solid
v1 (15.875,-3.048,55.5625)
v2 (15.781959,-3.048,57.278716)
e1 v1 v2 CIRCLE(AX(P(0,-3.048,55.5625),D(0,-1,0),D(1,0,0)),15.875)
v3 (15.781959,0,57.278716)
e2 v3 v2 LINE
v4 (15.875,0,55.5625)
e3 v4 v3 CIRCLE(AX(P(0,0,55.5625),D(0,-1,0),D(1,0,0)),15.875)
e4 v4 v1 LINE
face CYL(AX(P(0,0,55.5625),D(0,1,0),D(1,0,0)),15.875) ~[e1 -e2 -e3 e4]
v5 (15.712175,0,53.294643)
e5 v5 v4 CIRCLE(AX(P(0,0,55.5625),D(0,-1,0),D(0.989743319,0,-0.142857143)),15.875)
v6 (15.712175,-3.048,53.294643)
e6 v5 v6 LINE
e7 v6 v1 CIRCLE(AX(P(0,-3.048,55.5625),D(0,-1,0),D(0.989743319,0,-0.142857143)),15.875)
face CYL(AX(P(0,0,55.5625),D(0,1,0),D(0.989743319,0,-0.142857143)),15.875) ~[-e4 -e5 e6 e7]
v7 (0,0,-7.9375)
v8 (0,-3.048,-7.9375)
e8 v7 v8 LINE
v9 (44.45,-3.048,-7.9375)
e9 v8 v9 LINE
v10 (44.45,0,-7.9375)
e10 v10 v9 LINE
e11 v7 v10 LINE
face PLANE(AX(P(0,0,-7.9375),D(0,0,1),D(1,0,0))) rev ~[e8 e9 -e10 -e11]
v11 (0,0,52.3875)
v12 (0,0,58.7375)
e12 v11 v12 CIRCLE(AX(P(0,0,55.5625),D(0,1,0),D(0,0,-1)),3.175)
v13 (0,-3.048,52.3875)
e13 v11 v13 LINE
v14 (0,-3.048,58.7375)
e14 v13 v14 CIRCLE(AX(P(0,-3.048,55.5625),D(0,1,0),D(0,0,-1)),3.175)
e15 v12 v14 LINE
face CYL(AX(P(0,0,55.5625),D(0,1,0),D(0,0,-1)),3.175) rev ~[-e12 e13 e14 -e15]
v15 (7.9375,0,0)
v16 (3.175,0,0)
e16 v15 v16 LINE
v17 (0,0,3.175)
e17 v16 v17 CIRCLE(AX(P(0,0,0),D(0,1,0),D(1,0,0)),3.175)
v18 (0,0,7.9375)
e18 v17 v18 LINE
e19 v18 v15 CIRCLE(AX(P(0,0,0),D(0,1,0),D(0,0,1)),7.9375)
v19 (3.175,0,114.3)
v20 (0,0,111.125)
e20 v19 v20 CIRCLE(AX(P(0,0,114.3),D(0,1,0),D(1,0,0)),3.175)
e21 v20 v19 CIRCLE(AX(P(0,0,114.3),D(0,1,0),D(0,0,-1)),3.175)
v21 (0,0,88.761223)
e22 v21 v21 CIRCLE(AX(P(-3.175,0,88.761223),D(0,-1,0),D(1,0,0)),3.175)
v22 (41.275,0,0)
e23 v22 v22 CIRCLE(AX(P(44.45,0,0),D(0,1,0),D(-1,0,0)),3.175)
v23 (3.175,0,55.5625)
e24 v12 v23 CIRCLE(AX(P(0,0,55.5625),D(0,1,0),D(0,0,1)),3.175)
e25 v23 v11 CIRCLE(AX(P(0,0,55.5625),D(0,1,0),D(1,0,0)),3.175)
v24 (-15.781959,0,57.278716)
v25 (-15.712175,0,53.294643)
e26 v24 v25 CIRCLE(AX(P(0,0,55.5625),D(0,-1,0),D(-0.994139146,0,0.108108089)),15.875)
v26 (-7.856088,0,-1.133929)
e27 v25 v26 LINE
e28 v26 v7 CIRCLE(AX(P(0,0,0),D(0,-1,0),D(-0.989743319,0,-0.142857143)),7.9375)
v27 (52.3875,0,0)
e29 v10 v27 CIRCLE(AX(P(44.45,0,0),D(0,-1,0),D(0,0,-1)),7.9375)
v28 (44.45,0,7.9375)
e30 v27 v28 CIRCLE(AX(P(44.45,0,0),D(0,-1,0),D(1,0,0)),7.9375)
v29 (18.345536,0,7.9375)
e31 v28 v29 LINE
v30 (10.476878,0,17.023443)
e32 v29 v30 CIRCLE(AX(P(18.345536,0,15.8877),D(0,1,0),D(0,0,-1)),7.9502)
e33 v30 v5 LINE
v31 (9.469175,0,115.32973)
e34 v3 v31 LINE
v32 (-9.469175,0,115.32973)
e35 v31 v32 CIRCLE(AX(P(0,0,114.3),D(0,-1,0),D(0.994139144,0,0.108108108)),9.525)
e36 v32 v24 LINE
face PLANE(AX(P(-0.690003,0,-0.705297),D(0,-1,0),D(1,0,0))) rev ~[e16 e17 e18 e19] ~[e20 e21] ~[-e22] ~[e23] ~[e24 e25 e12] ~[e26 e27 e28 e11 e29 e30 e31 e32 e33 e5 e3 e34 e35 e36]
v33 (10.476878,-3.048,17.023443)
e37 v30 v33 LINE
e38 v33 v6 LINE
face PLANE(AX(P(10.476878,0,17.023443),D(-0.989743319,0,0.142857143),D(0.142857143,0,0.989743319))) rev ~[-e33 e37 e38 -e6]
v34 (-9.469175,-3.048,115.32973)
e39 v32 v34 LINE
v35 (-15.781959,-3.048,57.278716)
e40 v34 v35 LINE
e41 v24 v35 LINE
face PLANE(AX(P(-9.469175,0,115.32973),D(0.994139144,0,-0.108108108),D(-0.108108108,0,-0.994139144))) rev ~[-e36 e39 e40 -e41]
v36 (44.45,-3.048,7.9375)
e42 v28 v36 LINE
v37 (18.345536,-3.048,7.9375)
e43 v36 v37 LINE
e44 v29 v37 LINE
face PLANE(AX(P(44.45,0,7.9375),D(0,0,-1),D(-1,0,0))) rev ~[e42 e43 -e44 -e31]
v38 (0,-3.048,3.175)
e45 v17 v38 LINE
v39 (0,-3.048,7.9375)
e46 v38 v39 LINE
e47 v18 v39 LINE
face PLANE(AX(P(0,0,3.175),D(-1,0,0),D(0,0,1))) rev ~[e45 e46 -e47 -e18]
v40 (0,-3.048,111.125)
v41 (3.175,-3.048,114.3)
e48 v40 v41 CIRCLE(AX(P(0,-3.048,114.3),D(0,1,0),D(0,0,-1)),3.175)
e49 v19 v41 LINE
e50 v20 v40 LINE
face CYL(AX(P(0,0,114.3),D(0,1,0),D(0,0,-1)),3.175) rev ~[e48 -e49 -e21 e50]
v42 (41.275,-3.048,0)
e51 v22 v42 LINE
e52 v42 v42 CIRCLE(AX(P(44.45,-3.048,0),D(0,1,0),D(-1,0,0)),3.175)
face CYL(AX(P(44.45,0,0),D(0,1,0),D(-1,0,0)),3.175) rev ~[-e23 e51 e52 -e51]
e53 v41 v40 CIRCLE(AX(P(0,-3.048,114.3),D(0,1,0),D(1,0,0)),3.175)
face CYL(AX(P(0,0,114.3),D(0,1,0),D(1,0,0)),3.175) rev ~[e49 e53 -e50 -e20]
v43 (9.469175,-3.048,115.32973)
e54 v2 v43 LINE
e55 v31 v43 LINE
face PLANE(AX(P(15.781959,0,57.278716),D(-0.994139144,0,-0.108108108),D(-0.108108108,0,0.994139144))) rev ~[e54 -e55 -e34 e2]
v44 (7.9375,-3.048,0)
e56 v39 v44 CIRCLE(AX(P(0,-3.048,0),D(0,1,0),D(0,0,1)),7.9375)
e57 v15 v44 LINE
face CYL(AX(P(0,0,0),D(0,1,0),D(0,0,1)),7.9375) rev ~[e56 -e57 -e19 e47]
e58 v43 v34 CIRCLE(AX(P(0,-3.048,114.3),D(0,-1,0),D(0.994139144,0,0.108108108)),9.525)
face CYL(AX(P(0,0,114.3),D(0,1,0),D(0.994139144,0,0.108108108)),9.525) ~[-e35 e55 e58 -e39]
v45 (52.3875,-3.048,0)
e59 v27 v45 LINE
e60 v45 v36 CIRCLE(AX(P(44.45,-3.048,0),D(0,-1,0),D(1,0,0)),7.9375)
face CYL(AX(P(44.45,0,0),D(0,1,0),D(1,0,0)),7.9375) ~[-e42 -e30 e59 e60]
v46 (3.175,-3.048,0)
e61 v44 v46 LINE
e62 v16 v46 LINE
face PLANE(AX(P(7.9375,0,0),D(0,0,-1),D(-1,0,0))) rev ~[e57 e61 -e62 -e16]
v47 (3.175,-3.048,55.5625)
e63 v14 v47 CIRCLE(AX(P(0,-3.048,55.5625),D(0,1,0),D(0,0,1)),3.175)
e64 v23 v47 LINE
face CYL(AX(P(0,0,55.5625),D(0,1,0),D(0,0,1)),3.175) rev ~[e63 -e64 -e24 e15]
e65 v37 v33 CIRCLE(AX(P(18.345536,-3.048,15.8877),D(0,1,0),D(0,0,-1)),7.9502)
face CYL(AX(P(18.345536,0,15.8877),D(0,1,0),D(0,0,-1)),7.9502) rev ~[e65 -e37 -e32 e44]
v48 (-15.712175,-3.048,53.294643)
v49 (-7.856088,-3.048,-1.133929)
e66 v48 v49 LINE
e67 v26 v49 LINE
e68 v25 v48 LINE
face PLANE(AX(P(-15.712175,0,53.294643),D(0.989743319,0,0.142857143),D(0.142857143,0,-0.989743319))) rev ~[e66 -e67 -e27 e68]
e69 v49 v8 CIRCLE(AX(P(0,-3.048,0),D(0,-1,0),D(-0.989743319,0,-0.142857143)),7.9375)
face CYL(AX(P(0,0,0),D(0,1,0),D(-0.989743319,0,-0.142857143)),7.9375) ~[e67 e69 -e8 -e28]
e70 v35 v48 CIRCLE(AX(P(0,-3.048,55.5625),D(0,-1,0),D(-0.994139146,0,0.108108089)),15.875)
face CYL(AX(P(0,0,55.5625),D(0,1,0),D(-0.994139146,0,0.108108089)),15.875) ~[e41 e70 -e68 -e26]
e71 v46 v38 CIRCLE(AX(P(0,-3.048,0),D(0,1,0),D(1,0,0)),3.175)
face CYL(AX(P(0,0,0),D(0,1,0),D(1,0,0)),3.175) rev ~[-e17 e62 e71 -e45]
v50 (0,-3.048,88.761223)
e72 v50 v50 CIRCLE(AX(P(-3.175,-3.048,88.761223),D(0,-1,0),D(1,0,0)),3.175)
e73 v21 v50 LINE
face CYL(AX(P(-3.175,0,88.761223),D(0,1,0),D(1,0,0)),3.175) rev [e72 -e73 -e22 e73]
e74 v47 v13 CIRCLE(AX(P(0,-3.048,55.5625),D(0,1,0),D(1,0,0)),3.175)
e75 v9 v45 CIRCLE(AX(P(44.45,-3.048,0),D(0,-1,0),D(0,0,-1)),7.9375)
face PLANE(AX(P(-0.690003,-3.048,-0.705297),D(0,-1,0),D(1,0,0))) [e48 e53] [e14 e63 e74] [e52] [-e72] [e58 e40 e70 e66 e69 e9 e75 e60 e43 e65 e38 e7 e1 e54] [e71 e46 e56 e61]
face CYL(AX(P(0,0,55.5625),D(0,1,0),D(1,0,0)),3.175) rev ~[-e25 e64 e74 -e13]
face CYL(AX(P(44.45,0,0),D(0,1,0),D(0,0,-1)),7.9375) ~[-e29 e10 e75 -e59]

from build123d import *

# Parameters (mm, degrees)
F0_R     = 3.175
F1_DEPTH = 3.048


with BuildPart() as f1:
    # F0 (on Front) → F1 (new body)
    with BuildSketch(Plane.XZ):
        with BuildLine():
            ThreePointArc((3.175, 0), (-2.2450640303, -2.2450640303), (0, 3.175))
            Line((0, 3.175), (0, 7.9375))
            ThreePointArc((0, 7.9375), (-6.000186009, 5.1963135112), (-7.8560875915, -1.1339285714))
            ThreePointArc((-7.8560875915, -1.1339285714), (-5.1963135112, -6.000186009), (0, -7.9375))
            ThreePointArc((0, -7.9375), (5.6126600757, -5.6126600757), (7.9375, 0))
            Line((7.9375, 0), (3.175, 0))
        make_face()
        with BuildLine():
            ThreePointArc((-7.8560875915, -1.1339285714), (-6.000186009, 5.1963135112), (0, 7.9375))
            Line((0, 7.9375), (0, 39.6875))
            ThreePointArc((0, 39.6875), (-10.3926270225, 43.562127982), (-15.7121751829, 53.2946428571))
            Line((-15.7121751829, 53.2946428571), (-7.8560875915, -1.1339285714))
        make_face()
        with BuildLine():
            Line((0, 39.6875), (0, 7.9375))
            ThreePointArc((0, 7.9375), (5.6126600757, 5.6126600757), (7.9375, 0))
            Line((7.9375, 0), (36.5125, 0))
            ThreePointArc((36.5125, 0), (38.8373399243, 5.6126600757), (44.45, 7.9375))
            Line((44.45, 7.9375), (18.3455357436, 7.9375))
            ThreePointArc((18.3455357436, 7.9375), (12.335749437, 10.6830723871), (10.476878412, 17.0234428571))
            Line((10.476878412, 17.0234428571), (15.7121751829, 53.2946428571))
            ThreePointArc((15.7121751829, 53.2946428571), (10.3926270225, 43.562127982), (0, 39.6875))
        make_face()
        with BuildLine():
            Line((36.5125, 0), (7.9375, 0))
            ThreePointArc((7.9375, 0), (5.6126600757, -5.6126600757), (0, -7.9375))
            Line((0, -7.9375), (44.45, -7.9375))
            ThreePointArc((44.45, -7.9375), (38.8373399243, -5.6126600757), (36.5125, 0))
        make_face()
        with BuildLine():
            ThreePointArc((-15.7121751829, 53.2946428571), (-10.3926270225, 43.562127982), (0, 39.6875))
            Line((0, 39.6875), (0, 52.3875))
            ThreePointArc((0, 52.3875), (-3.175, 55.5625), (0, 58.7375))
            Line((0, 58.7375), (0, 71.4375))
            ThreePointArc((0, 71.4375), (-10.6011956271, 67.3790255586), (-15.7819589391, 57.2787159089))
            ThreePointArc((-15.7819589391, 57.2787159089), (-15.8725653423, 55.284481195), (-15.7121751829, 53.2946428571))
        make_face()
        with BuildLine():
            Line((0, 52.3875), (0, 39.6875))
            ThreePointArc((0, 39.6875), (10.3926270225, 43.562127982), (15.7121751829, 53.2946428571))
            ThreePointArc((15.7121751829, 53.2946428571), (15.8342414727, 54.4256526112), (15.875, 55.5625))
            ThreePointArc((15.875, 55.5625), (15.8517226608, 56.4218681903), (15.7819589056, 57.2787162162))
            ThreePointArc((15.7819589056, 57.2787162162), (10.601195512, 67.3790256618), (0, 71.4375))
            Line((0, 71.4375), (0, 58.7375))
            ThreePointArc((0, 58.7375), (2.2450640303, 57.8075640303), (3.175, 55.5625))
            ThreePointArc((3.175, 55.5625), (2.2450640303, 53.3174359697), (0, 52.3875))
        make_face()
        with BuildLine():
            ThreePointArc((44.45, 7.9375), (38.8373399243, 5.6126600757), (36.5125, 0))
            ThreePointArc((36.5125, 0), (38.8373399243, -5.6126600757), (44.45, -7.9375))
            ThreePointArc((44.45, -7.9375), (50.0626600757, -5.6126600757), (52.3875, 0))
            ThreePointArc((52.3875, 0), (50.0626600757, 5.6126600757), (44.45, 7.9375))
        make_face()
        with BuildLine():
            ThreePointArc((47.625, 0), (44.45, -3.175), (41.275, 0))
            ThreePointArc((41.275, 0), (44.45, 3.175), (47.625, 0))
        make_face(mode=Mode.SUBTRACT)
        with BuildLine():
            Line((-9.4691753434, 115.3297297297), (-15.7819589391, 57.2787159089))
            ThreePointArc((-15.7819589391, 57.2787159089), (-10.6011956271, 67.3790255586), (0, 71.4375))
            Line((0, 71.4375), (0, 88.7612230935))
            Line((0, 88.7612230935), (0, 104.775))
            ThreePointArc((0, 104.775), (-7.0899153971, 107.9392826928), (-9.4691753434, 115.3297297297))
        make_face()
        with Locations((-3.175, 88.7612230935)):
            Circle(F0_R, mode=Mode.SUBTRACT)
        with BuildLine():
            Line((0, 88.7612230935), (0, 71.4375))
            ThreePointArc((0, 71.4375), (10.601195512, 67.3790256618), (15.7819589056, 57.2787162162))
            Line((15.7819589056, 57.2787162162), (9.4691753434, 115.3297297297))
            ThreePointArc((9.4691753434, 115.3297297297), (9.5110335965, 114.8156209142), (9.525, 114.3))
            ThreePointArc((9.525, 114.3), (6.7351920908, 107.5648079092), (0, 104.775))
            Line((0, 104.775), (0, 88.7612230935))
        make_face()
        with BuildLine():
            ThreePointArc((9.4691753434, 115.3297297297), (0, 123.825), (-9.4691753434, 115.3297297297))
            ThreePointArc((-9.4691753434, 115.3297297297), (-7.0899153971, 107.9392826928), (0, 104.775))
            ThreePointArc((0, 104.775), (6.7351920908, 107.5648079092), (9.525, 114.3))
            ThreePointArc((9.525, 114.3), (9.5110335965, 114.8156209142), (9.4691753434, 115.3297297297))
        make_face()
        with BuildLine():
            ThreePointArc((3.175, 114.3), (2.2450640303, 112.0549359697), (0, 111.125))
            ThreePointArc((0, 111.125), (-2.2450640303, 116.5450640303), (3.175, 114.3))
        make_face(mode=Mode.SUBTRACT)
    extrude(amount=F1_DEPTH)


solid = f1.part
